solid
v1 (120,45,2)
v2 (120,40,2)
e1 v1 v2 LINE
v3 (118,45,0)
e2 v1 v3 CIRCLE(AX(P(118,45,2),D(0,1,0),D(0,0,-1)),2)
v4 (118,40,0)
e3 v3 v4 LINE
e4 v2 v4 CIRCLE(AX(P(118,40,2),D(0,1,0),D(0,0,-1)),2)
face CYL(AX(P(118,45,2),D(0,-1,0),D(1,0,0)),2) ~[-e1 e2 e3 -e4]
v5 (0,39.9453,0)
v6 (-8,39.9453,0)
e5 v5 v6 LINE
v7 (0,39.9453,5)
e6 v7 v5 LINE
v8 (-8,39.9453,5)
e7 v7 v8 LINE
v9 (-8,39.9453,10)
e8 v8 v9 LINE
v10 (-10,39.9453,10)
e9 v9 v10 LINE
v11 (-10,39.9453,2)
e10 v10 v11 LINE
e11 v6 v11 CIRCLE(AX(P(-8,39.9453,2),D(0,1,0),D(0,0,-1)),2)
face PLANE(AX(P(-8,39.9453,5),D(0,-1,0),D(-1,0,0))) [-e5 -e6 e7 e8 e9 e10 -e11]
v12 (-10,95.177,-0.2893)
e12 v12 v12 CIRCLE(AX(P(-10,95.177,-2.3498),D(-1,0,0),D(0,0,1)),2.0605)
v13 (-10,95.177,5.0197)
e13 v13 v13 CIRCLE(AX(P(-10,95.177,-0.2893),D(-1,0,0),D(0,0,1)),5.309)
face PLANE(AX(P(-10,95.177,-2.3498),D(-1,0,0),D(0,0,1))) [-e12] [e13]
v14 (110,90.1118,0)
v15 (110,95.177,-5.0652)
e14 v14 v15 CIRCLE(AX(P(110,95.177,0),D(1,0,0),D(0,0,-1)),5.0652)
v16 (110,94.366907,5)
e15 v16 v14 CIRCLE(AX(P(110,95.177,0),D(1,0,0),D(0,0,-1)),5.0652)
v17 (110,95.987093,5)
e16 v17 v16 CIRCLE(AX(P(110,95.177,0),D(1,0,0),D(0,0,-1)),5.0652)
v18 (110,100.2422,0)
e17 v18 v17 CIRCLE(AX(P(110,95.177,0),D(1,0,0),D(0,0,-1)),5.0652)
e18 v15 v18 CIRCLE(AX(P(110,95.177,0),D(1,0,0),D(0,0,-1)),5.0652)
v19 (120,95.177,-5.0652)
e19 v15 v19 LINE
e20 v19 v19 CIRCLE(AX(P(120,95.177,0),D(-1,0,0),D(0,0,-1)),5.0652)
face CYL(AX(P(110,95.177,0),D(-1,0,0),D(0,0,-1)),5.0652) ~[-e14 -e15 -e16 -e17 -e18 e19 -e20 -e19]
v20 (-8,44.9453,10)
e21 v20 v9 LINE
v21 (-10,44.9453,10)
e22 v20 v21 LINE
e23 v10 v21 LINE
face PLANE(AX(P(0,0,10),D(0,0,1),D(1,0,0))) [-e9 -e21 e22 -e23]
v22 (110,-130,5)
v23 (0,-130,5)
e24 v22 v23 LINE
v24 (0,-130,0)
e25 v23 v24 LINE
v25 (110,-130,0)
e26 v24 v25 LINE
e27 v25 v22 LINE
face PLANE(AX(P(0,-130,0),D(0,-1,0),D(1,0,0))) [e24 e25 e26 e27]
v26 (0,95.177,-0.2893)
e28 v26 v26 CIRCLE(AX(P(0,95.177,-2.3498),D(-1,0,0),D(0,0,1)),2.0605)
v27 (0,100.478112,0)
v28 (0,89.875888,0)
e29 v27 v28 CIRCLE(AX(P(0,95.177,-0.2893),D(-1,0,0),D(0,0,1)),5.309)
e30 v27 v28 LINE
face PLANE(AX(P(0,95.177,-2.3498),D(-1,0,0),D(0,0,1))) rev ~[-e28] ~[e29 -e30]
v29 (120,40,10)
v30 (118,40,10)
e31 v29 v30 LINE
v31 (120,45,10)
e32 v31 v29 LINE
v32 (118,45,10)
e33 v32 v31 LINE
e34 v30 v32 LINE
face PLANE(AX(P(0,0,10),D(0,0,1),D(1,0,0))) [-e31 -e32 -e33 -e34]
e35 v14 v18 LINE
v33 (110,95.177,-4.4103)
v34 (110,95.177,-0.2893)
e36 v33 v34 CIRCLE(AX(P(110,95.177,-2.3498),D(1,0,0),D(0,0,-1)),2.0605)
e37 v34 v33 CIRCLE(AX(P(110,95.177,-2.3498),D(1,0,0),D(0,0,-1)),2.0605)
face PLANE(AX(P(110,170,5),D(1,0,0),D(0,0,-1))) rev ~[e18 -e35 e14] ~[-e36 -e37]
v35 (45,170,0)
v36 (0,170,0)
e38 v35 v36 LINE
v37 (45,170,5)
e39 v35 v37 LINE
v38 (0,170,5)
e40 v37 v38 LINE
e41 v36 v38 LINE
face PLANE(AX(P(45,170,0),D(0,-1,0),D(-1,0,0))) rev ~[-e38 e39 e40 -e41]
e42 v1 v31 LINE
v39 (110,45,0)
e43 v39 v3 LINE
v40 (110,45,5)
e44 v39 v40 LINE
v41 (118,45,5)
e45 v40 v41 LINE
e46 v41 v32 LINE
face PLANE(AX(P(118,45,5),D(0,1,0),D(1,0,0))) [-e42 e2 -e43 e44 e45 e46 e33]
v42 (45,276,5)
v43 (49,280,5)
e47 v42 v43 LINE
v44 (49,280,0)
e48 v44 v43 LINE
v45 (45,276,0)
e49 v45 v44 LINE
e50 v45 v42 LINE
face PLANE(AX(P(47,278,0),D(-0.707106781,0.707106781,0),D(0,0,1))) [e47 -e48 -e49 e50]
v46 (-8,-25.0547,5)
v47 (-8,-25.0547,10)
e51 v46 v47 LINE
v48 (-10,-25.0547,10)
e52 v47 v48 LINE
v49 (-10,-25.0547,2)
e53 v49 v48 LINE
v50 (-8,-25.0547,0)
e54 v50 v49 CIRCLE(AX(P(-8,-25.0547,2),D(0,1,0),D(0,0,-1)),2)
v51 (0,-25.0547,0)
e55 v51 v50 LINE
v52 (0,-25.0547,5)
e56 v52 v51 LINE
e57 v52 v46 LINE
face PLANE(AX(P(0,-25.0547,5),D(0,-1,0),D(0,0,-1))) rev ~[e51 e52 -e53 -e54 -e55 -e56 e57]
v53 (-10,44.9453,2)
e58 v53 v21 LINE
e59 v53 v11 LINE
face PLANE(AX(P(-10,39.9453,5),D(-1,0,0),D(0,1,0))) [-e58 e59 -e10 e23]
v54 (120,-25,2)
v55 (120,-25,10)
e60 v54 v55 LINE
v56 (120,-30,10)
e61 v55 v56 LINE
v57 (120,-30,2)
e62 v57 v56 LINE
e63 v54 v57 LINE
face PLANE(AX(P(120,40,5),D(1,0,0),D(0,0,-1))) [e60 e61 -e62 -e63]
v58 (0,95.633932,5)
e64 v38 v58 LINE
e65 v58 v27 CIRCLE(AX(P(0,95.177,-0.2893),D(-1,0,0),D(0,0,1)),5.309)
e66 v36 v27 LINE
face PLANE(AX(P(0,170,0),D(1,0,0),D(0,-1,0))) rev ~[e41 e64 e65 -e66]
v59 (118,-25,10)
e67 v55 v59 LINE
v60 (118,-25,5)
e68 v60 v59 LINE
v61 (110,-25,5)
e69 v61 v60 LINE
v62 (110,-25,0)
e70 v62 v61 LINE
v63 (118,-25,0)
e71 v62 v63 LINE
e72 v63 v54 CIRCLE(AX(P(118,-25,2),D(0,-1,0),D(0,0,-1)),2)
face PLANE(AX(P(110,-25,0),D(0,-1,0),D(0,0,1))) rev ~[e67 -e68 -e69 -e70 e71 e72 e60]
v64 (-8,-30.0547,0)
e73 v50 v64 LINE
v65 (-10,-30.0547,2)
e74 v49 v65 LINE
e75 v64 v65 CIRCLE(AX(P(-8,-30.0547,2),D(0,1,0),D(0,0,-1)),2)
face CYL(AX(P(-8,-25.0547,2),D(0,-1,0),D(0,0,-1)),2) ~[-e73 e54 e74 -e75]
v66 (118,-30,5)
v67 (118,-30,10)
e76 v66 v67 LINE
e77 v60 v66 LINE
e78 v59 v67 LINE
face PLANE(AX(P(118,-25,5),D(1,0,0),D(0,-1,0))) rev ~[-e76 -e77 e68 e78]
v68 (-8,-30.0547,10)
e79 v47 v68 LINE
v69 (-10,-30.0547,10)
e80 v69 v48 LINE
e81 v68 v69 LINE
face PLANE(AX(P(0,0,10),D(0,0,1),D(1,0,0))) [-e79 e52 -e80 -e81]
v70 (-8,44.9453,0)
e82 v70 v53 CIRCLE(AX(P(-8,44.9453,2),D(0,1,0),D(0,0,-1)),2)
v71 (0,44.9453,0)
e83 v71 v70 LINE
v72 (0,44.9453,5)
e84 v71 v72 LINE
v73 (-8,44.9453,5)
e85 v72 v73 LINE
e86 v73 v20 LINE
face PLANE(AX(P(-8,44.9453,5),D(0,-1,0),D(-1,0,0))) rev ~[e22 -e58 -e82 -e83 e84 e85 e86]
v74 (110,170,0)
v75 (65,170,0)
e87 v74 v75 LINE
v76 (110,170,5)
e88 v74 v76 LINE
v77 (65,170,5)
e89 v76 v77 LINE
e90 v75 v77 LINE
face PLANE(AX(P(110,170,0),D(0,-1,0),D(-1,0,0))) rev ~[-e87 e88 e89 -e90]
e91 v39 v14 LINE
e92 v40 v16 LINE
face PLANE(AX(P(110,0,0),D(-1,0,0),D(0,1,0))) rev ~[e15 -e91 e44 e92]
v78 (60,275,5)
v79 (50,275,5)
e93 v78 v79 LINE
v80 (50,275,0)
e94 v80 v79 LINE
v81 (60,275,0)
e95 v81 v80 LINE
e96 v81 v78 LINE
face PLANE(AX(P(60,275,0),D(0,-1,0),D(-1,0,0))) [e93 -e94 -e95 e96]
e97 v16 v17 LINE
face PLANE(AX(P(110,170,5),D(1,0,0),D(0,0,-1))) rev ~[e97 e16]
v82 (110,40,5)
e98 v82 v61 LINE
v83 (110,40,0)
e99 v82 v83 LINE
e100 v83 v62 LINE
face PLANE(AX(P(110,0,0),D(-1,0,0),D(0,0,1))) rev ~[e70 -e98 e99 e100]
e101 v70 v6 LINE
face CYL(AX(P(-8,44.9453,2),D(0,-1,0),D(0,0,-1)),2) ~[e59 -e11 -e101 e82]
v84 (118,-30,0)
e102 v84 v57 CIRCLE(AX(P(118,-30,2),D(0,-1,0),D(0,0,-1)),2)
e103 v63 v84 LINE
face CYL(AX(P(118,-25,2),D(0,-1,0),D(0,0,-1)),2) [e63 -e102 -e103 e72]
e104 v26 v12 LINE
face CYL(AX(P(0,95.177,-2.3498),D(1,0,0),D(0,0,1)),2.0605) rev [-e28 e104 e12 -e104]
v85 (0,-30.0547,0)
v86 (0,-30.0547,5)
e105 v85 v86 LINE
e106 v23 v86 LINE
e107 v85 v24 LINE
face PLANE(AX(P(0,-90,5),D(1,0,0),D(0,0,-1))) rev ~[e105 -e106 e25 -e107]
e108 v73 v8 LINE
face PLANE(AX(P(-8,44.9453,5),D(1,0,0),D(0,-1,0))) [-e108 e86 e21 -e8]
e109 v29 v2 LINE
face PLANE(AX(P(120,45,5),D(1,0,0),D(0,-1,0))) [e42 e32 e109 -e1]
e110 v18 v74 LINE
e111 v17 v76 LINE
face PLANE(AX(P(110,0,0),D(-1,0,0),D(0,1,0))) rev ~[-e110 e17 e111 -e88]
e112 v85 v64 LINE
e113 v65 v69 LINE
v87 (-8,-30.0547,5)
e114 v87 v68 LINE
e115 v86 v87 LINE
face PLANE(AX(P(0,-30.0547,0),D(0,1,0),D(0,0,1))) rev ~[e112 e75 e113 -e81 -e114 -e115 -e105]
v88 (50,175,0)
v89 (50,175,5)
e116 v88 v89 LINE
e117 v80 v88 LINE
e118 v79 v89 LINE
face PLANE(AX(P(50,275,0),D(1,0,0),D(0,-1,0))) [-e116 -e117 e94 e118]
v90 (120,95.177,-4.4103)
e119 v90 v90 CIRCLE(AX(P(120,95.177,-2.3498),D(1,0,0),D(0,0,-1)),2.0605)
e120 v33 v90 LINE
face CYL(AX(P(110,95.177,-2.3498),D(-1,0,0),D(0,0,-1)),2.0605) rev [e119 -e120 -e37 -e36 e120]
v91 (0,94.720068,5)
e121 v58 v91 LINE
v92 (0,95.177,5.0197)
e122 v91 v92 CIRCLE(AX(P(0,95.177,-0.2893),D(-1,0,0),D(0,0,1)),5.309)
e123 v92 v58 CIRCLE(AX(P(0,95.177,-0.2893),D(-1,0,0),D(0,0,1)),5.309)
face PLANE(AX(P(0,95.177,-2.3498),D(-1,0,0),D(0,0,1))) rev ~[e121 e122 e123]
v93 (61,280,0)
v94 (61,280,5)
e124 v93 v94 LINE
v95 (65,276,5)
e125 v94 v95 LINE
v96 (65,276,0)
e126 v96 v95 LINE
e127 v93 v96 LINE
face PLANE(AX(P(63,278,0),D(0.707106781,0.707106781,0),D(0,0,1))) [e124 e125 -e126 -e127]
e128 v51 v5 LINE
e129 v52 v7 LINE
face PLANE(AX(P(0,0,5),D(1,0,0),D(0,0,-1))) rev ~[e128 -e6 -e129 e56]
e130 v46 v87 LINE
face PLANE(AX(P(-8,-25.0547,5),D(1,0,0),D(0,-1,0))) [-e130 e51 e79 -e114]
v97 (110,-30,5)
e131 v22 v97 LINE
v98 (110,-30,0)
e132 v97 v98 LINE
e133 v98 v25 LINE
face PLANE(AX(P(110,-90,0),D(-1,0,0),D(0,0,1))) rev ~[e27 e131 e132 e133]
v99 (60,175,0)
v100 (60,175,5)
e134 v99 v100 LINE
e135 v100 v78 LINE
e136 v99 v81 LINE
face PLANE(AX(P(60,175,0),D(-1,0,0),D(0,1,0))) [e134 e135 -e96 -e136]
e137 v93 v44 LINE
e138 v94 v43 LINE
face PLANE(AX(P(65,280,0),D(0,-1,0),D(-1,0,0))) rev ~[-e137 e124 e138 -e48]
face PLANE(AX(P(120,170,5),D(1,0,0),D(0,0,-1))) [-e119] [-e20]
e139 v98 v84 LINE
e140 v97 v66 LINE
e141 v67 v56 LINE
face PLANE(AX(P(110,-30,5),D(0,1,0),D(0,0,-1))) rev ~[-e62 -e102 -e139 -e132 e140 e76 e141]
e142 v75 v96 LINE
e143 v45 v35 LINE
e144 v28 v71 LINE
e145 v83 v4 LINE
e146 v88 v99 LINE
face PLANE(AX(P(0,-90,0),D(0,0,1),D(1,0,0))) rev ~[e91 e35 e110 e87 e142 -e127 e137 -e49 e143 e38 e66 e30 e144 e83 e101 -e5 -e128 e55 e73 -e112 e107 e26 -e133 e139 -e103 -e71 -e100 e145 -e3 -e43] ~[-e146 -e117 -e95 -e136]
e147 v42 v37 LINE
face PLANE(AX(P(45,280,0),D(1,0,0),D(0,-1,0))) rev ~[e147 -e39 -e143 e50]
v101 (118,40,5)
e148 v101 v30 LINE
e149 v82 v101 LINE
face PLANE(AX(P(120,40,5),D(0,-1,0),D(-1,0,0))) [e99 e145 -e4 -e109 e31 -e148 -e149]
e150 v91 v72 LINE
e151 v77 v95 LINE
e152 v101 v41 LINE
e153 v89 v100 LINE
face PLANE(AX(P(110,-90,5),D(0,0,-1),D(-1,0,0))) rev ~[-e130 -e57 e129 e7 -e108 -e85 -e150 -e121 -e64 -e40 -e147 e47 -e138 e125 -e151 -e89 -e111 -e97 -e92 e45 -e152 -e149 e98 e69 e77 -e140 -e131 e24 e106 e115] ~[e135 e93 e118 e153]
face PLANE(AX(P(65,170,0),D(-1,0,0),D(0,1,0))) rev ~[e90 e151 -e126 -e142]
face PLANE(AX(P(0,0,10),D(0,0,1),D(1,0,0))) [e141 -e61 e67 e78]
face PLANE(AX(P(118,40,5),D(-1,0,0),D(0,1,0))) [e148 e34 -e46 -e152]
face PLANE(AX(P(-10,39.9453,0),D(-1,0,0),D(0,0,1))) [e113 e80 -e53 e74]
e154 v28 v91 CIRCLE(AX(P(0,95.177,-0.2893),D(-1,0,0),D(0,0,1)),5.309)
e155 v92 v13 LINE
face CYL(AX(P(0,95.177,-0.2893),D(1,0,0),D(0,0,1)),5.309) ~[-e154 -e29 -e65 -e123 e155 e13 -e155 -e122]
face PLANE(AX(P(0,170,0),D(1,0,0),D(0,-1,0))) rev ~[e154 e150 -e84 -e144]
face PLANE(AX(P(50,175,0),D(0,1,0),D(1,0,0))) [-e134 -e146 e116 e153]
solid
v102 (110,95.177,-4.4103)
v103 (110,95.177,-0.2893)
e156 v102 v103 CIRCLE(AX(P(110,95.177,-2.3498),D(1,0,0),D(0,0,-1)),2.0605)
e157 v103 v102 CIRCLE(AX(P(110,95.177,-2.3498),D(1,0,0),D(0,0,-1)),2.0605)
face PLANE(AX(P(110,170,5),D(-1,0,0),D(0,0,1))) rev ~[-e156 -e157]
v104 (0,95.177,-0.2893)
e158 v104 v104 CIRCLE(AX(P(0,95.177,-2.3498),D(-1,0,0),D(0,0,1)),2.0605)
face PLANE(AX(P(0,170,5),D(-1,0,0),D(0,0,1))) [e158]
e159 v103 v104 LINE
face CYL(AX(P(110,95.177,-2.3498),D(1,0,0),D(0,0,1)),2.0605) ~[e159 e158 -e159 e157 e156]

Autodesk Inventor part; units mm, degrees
ref_plane "YZ Plane" through (0, 0, 0) normal (1, 0, 0) x (0, 1, 0)
ref_plane "XZ Plane" through (0, 0, 0) normal (0, 1, 0) x (-1, 0, 0)
ref_plane "XY Plane" through (0, 0, 0) normal (0, 0, 1) x (1, 0, 0)
sketch "Sketch1" plane through (0, 0, 0) normal (0, 0, 1) x (1, 0, 0)
  line L0 (0, 0) -> (110, 0)
  line L1 (110, 0) -> (110, 170)
  line L2 (110, 170) -> (0, 170)
  line L3 (0, 170) -> (0, 0)
  line L4 (45, 170) -> (65, 170)
  line L5 (65, 170) -> (65, 280)
  line L6 (65, 280) -> (45, 280)
  line L7 (45, 280) -> (45, 170)
  line L8 (50, 175) -> (60, 175)
  line L9 (60, 175) -> (60, 275)
  line L10 (60, 275) -> (50, 275)
  line L11 (50, 275) -> (50, 175)
  dimension "d0" = 110
  dimension "d1" = 170
  dimension "d2" = 20
  dimension "d3" = 110
  dimension "d4" = 10
  dimension "d5" = 100
extrude "Extrusion1" add sketch "Sketch1" along normal blind 5
chamfer "Chamfer1" distance 4 angle 45 2 edges at (45, 280, 2.5) (65, 280, 2.5)
sketch "Sketch2" plane through (110, 0, 0) normal (1, 0, 0) x (0, 0, -1)
  line L0 (0, 170) -> (0, 0) projected
  line L1 (0, 45) -> (-5, 45)
  line L2 (-5, 45) -> (-5, 40)
  line L3 (-5, 40) -> (0, 40)
  line L4 (0, 40) -> (0, 45)
  dimension "d11" = 5
  dimension "d12" = 5
sketch "Sketch3" plane through (0, 0, 0) normal (-1, 0, 0) x (0, 0, 1)
  line L0 (5, 0) -> (5, 170) projected
  line L1 (0, 170) -> (0, 0) projected
  line L2 (5, 39.9453) -> (0, 39.9453)
  line L3 (0, 39.9453) -> (0, 44.9453)
  line L4 (0, 44.9453) -> (5, 44.9453)
  line L5 (5, 44.9453) -> (5, 39.9453)
  dimension "d13" = 5
extrude "Extrusion2" add sketch "Sketch3" along normal blind 10
extrude "Extrusion3" add sketch "Sketch2" along normal blind 10
sketch "Sketch4" plane through (0, 0, 5) normal (0, 0, 1) x (1, 0, 0)
  line L0 (0, 44.9453) -> (-10, 44.9453) projected
  line L1 (0, 39.9453) -> (-10, 39.9453) projected
  line L2 (-10, 44.9453) -> (-8, 44.9453)
  line L3 (-8, 44.9453) -> (-8, 39.9453)
  line L4 (-8, 39.9453) -> (-10, 39.9453)
  line L5 (-10, 39.9453) -> (-10, 44.9453)
  line L6 (120, 45) -> (120, 40) projected
  line L7 (120, 45) -> (118, 45)
  line L8 (118, 45) -> (118, 39.9453)
  line L9 (118, 39.9453) -> (120, 39.9453)
  line L10 (120, 39.9453) -> (120, 45)
  point P0 (0, 0)
  dimension "d18" = 2
  dimension "d19" = 2
extrude "Extrusion4" add sketch "Sketch4" along normal blind 5 contours L3 L1 L5 L0
sketch "Sketch5" plane through (0, 0, 5) normal (0, 0, 1) x (1, 0, 0)
  line L0 (120, 45) -> (120, 40) projected
  line L1 (110, 45) -> (120, 45) projected
  line L2 (120, 40) -> (118, 40)
  line L3 (118, 40) -> (118, 45)
  line L4 (118, 45) -> (120, 45)
  line L5 (120, 45) -> (120, 40)
  point P0 (0, 0)
  dimension "d22" = 2
extrude "Extrusion5" add sketch "Sketch5" along normal blind 5
fillet "Fillet1" radius 2 2 edges at (120, 42.5, 0) (-10, 42.4453, 0)
sketch "Sketch6" plane through (0, 0, 0) normal (0, -1, 0) x (1, 0, 0)
  line L0 (110, 0) -> (110, 5) projected
  line L1 (0, 0) -> (110, 0)
  line L2 (110, 0) -> (110, 5)
  line L3 (110, 5) -> (0, 5)
  line L4 (0, 5) -> (0, 0)
extrude "Extrusion6" add sketch "Sketch6" along normal blind 90
sketch "Sketch7" plane through (0, 0, 5) normal (0, 0, 1) x (1, 0, 0)
  line L0 (0, 170) -> (0, 44.9453) projected
  line L1 (0, 94.7501) -> (109.4357, 94.7501)
  point P0 (0, 0)
sketch "Sketch8" plane through (110, 40, 5) normal (1, 0, 0) x (0, 0, -1)
  line L0 (5, 0) -> (5, -130) projected
  line L1 (5, -65) -> (0, -65)
  line L2 (0, -65) -> (0, -70)
  line L3 (0, -70) -> (5, -70)
  line L4 (5, -70) -> (5, -65)
  point P0 (5, -40)
  dimension "d28" = 5
  dimension "d29" = 5
sketch "Sketch9" plane through (0, 39.9453, 0) normal (-1, 0, 0) x (0, 0, 1)
  line L0 (5, 0.0547) -> (5, -129.9453) projected
  line L1 (5, -65) -> (0, -65)
  line L2 (0, -65) -> (0, -70)
  line L3 (0, -70) -> (5, -70)
  line L4 (5, -70) -> (5, -65)
  point P0 (0, -39.9453)
  dimension "d30" = 5
  dimension "d31" = 5
extrude "Extrusion7" add sketch "Sketch9" along normal blind 10
extrude "Extrusion8" add sketch "Sketch8" along normal blind 10
sketch "Sketch10" plane through (0, 0, 5) normal (0, 0, 1) x (1, 0, 0)
  line L0 (0, -25.0547) -> (-10, -25.0547) projected
  line L1 (0, -30.0547) -> (-10, -30.0547) projected
  line L2 (-10, -25.0547) -> (-8, -25.0547)
  line L3 (-8, -25.0547) -> (-8, -30.0547)
  line L4 (-8, -30.0547) -> (-10, -30.0547)
  line L5 (-10, -30.0547) -> (-10, -25.0547)
  line L6 (120, -25) -> (120, -30) projected
  line L7 (120, -25) -> (118, -25)
  line L8 (118, -25) -> (118, -30)
  line L9 (118, -30) -> (120, -30)
  line L10 (120, -30) -> (120, -25)
  point P0 (0, 0)
  dimension "d36" = 2
  dimension "d37" = 2
extrude "Extrusion9" add sketch "Sketch10" along normal blind 5
fillet "Fillet2" radius 2 2 edges at (120, -27.5, 0) (-10, -27.5547, 0)
sketch "Sketch11" plane through (110, 170, 5) normal (1, 0, 0) x (0, 0, -1)
  line L0 (5, -125) -> (5, 0) projected
  circle A0 centre (5, -74.823) radius 5.0652
  circle A1 centre (7.3498, -74.823) radius 2.0605
  point P0 (5, -170)
extrude "Extrusion10" add sketch "Sketch11" along normal blind 10
sketch "Sketch12" plane through (120, 95.177, 0) normal (1, 0, 0) x (0, 0, -1)
  point P0 (0, -95.177)
sketch "Sketch13" plane through (110, 170, 5) normal (-1, 0, 0) x (0, 0, 1)
  circle A0 centre (-7.3498, -74.823) radius 2.0605 projected
  circle A1 centre (-7.3498, -74.823) radius 2.0605
  point P0 (-5, -170)
extrude "Extrusion11" add sketch "Sketch13" along normal blind 110
sketch "Sketch14" plane through (0, 95.177, -2.3498) normal (-1, 0, 0) x (0, 0, 1)
  circle A0 centre (0, 0) radius 2.0605
  circle A1 centre (0, 0) radius 2.0605 projected
  circle A2 centre (2.0605, 0) radius 5.309
  point P0 (2.3498, -95.177)
extrude "Extrusion12" add sketch "Sketch14" along normal blind 10
sketch "Sketch15" plane through (0, 170, 0) normal (-1, 0, 0) x (0, 0, 1)
  line L0 (0, 0) -> (0, -69.5219) projected
  line L1 (5, 0) -> (5, -74.3661) projected
  circle A0 centre (-2.3126, -29.4971) radius 1.6501
  point P0 (0, -170)
sketch "Sketch16" plane through (0, -90, 0) normal (0, -1, 0) x (1, 0, 0)
  line L0 (0, 0) -> (-8, 0) projected
  line L1 (0, 0) -> (110, 0)
  line L2 (110, 0) -> (110, 5)
  line L3 (110, 5) -> (0, 5)
  line L4 (0, 5) -> (0, 0)
extrude "Extrusion13" add sketch "Sketch16" along normal blind 40
properties part number "DSNDOOR 1" material "Titanium"
